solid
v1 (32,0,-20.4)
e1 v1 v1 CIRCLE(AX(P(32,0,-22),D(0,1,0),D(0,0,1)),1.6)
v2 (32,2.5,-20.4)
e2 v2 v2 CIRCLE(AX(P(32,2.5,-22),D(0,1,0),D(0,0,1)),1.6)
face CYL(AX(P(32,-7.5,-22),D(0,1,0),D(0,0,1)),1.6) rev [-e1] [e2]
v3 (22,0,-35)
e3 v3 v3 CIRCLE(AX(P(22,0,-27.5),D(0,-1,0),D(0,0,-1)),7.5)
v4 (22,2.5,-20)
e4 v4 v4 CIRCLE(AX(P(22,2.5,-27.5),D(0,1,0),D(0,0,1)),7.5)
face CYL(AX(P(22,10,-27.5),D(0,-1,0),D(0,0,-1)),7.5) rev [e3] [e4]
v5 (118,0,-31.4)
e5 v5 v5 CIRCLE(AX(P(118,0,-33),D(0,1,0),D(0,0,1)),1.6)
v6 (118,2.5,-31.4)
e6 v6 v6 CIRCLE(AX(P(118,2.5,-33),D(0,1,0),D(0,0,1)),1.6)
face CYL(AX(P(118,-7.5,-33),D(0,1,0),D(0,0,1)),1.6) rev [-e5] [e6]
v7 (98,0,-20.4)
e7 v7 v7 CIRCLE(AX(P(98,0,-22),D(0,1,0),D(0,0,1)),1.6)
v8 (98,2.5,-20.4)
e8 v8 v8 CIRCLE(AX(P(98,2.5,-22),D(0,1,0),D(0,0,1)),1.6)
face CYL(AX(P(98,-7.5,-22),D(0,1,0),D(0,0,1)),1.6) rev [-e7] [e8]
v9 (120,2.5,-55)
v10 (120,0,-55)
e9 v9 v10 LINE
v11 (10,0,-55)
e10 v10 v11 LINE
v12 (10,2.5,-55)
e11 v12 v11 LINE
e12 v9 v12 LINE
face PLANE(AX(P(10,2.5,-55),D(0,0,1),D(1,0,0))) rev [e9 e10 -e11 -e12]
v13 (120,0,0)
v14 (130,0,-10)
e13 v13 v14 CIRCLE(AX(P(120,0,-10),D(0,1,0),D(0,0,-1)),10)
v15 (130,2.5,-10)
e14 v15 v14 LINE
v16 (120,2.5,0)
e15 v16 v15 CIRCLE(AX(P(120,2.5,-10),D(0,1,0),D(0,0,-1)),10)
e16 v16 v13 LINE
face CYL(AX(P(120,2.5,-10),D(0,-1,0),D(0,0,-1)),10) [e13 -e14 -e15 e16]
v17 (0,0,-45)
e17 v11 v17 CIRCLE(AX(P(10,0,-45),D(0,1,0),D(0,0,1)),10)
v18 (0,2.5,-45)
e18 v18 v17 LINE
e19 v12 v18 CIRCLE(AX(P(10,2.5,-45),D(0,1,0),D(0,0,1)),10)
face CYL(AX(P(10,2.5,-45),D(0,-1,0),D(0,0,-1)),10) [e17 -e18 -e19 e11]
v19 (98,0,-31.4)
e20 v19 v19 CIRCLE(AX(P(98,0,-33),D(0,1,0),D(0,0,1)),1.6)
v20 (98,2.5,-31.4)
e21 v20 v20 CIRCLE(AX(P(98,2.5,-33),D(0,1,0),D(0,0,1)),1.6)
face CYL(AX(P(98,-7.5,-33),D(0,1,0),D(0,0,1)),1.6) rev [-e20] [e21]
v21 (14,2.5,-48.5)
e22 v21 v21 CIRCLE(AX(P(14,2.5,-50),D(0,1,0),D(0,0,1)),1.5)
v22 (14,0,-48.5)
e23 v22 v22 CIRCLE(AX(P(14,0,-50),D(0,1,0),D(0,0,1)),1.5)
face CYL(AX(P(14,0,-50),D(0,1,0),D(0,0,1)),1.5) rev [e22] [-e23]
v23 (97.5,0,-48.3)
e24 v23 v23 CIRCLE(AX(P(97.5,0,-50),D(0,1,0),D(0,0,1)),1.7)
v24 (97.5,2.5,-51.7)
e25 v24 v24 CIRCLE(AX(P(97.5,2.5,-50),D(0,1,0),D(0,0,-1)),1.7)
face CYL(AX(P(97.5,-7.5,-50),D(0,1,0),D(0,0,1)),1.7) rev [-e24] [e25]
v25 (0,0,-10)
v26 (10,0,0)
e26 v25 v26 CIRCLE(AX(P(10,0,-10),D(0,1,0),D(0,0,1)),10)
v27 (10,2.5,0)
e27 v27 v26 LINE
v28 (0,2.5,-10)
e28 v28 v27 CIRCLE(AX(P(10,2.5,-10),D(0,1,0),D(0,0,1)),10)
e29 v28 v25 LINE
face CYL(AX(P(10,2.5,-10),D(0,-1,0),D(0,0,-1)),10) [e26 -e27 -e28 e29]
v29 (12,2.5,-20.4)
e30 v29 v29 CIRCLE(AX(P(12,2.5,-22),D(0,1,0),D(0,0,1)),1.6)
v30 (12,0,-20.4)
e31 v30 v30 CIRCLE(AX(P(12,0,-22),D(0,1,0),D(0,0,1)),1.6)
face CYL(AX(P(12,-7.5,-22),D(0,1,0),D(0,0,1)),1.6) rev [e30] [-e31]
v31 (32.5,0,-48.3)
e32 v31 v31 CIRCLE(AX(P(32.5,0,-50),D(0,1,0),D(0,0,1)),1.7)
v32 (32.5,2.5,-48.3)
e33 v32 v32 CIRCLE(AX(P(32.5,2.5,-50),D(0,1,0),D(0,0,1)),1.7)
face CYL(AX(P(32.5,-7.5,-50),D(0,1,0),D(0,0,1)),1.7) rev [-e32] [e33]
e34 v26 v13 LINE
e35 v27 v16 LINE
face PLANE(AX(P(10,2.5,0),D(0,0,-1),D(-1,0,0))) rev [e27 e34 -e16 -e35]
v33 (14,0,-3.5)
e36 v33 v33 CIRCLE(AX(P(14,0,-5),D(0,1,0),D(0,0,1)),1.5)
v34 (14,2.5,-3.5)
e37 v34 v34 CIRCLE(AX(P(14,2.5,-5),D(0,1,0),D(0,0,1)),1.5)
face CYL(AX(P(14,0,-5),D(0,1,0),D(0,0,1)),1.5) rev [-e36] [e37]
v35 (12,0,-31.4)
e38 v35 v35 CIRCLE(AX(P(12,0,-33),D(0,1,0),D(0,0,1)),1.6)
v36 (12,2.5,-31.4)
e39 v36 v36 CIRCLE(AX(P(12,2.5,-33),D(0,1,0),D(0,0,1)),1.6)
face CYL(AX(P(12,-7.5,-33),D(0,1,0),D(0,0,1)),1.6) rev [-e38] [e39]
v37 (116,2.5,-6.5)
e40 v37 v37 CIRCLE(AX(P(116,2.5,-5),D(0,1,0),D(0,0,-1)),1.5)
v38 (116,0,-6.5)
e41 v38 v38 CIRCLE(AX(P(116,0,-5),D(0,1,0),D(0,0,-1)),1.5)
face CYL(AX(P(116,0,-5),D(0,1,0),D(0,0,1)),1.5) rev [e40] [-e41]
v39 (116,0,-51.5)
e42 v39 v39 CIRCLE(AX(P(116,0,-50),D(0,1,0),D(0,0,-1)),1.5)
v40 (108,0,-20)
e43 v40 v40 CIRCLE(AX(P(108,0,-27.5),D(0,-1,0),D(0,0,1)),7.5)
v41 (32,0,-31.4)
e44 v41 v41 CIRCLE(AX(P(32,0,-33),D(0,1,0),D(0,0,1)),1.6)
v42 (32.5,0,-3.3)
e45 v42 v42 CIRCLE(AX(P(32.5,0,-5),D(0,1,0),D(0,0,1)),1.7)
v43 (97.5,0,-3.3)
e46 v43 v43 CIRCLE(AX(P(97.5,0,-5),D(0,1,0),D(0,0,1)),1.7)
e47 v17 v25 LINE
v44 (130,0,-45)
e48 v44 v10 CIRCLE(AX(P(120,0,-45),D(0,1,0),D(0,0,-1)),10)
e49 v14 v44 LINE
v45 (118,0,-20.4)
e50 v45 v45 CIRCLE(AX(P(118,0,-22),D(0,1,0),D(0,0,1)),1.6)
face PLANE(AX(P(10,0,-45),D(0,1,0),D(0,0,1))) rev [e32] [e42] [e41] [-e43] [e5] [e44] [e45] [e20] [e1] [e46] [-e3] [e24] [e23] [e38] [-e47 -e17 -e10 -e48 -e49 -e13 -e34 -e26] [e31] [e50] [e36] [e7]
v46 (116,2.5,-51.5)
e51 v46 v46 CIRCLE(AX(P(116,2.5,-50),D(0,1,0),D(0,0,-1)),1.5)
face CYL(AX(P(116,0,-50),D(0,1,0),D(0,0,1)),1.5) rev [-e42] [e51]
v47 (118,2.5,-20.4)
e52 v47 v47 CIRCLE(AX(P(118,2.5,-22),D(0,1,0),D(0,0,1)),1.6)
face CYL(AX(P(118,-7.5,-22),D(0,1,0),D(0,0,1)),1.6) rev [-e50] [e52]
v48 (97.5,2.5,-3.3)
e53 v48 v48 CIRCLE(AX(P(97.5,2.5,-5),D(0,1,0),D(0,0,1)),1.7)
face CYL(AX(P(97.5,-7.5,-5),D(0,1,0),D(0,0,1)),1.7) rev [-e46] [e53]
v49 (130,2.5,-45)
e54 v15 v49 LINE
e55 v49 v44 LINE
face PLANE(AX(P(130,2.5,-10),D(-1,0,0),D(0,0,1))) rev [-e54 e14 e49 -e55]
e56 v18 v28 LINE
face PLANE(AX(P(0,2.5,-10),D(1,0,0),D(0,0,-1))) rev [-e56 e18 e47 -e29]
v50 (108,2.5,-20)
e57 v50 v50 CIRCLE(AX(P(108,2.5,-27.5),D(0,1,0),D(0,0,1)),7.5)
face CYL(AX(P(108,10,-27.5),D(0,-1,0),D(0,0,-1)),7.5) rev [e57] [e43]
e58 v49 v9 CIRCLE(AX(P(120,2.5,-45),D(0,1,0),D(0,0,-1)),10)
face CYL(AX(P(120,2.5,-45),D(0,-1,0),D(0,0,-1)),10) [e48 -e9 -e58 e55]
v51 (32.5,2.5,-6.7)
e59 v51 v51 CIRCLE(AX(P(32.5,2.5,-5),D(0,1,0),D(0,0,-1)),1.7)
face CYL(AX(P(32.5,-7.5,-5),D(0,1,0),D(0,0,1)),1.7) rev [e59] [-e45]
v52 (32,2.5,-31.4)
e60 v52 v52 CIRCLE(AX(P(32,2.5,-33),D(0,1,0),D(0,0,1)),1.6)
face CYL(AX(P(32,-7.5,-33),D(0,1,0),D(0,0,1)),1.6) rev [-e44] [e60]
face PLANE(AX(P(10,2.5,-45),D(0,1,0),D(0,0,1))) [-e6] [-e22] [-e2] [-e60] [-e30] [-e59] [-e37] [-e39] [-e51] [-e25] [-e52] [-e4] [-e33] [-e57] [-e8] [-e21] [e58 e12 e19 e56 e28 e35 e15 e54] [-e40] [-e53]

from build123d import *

# Parameters (mm, degrees)
BOSS_EXTRUDE1_DEPTH = 2.5
SKETCH2_R           = 1.5
CUT_EXTRUDE1_DEPTH  = 142.178079035
SKETCH3_R           = 1.6
CUT_EXTRUDE2_DEPTH  = 10
SKETCH4_R           = 1.6
CUT_EXTRUDE3_DEPTH  = 10
SKETCH5_R           = 1.6
CUT_EXTRUDE4_DEPTH  = 10
SKETCH8_R           = 1.6
CUT_EXTRUDE5_DEPTH  = 10
SKETCH9_R           = 1.7
CUT_EXTRUDE6_DEPTH  = 10
SKETCH10_R          = 7.5
CUT_EXTRUDE7_DEPTH  = 10


with BuildPart() as part:
    # Sketch1 → Boss-Extrude1 (new body)
    with BuildSketch(Plane(origin=(0, 0, 0), x_dir=(1, 0, 0), z_dir=(0, 1, 0))):
        with BuildLine():
            Line((10, 0), (120, 0))
            ThreePointArc((120, 0), (127.071067812, 2.928932188), (130, 10))
            Line((130, 10), (130, 45))
            ThreePointArc((130, 45), (127.071067812, 52.071067812), (120, 55))
            Line((120, 55), (10, 55))
            ThreePointArc((10, 55), (2.928932188, 52.071067812), (0, 45))
            Line((0, 45), (0, 10))
            ThreePointArc((0, 10), (2.928932188, 2.928932188), (10, 0))
        make_face()
    extrude(amount=BOSS_EXTRUDE1_DEPTH)

    # Sketch2 → Cut-Extrude1 (cut, through all)
    with BuildSketch(Plane(origin=(0, 2.5, 0), x_dir=(1, 0, 0), z_dir=(0, 1, 0))):
        with Locations((14, 5)):
            Circle(SKETCH2_R)
        with Locations((14, 50)):
            Circle(SKETCH2_R)
        with Locations((116, 5)):
            Circle(SKETCH2_R)
        with Locations((116, 50)):
            Circle(SKETCH2_R)
    extrude(amount=-CUT_EXTRUDE1_DEPTH, mode=Mode.SUBTRACT)

    # Sketch3 → Cut-Extrude2 (cut)
    with BuildSketch(Plane(origin=(0, 2.5, 0), x_dir=(1, 0, 0), z_dir=(0, 1, 0))):
        with Locations((12, 33)):
            Circle(SKETCH3_R)
    extrude(amount=-CUT_EXTRUDE2_DEPTH, mode=Mode.SUBTRACT)

    # Sketch4 → Cut-Extrude3 (cut)
    with BuildSketch(Plane(origin=(0, 2.5, 0), x_dir=(1, 0, 0), z_dir=(0, 1, 0))):
        with Locations((12, 22)):
            Circle(SKETCH4_R)
    extrude(amount=-CUT_EXTRUDE3_DEPTH, mode=Mode.SUBTRACT)

    # Sketch5 → Cut-Extrude4 (cut)
    with BuildSketch(Plane(origin=(0, 2.5, 0), x_dir=(1, 0, 0), z_dir=(0, 1, 0))):
        with Locations((32, 33)):
            Circle(SKETCH5_R)
        with Locations((32, 22)):
            Circle(SKETCH5_R)
    extrude(amount=-CUT_EXTRUDE4_DEPTH, mode=Mode.SUBTRACT)

    # Sketch8 → Cut-Extrude5 (cut)
    with BuildSketch(Plane(origin=(0, 2.5, 0), x_dir=(1, 0, 0), z_dir=(0, 1, 0))):
        with Locations((98, 33)):
            Circle(SKETCH8_R)
        with Locations((98, 22)):
            Circle(SKETCH8_R)
        with Locations((118, 33)):
            Circle(SKETCH8_R)
        with Locations((118, 22)):
            Circle(SKETCH8_R)
    extrude(amount=-CUT_EXTRUDE5_DEPTH, mode=Mode.SUBTRACT)

    # Sketch9 → Cut-Extrude6 (cut)
    with BuildSketch(Plane(origin=(0, 2.5, 0), x_dir=(1, 0, 0), z_dir=(0, 1, 0))):
        with Locations((32.5, 50)):
            Circle(SKETCH9_R)
        with Locations((97.5, 50)):
            Circle(SKETCH9_R)
        with Locations((97.5, 5)):
            Circle(SKETCH9_R)
        with Locations((32.5, 5)):
            Circle(SKETCH9_R)
    extrude(amount=-CUT_EXTRUDE6_DEPTH, mode=Mode.SUBTRACT)

    # Sketch10 → Cut-Extrude7 (cut)
    with BuildSketch(Plane.XZ):
        with Locations((22, -27.5)):
            Circle(SKETCH10_R)
        with Locations((108, -27.5)):
            Circle(SKETCH10_R)
    extrude(amount=-CUT_EXTRUDE7_DEPTH, mode=Mode.SUBTRACT)


solid = part.part
